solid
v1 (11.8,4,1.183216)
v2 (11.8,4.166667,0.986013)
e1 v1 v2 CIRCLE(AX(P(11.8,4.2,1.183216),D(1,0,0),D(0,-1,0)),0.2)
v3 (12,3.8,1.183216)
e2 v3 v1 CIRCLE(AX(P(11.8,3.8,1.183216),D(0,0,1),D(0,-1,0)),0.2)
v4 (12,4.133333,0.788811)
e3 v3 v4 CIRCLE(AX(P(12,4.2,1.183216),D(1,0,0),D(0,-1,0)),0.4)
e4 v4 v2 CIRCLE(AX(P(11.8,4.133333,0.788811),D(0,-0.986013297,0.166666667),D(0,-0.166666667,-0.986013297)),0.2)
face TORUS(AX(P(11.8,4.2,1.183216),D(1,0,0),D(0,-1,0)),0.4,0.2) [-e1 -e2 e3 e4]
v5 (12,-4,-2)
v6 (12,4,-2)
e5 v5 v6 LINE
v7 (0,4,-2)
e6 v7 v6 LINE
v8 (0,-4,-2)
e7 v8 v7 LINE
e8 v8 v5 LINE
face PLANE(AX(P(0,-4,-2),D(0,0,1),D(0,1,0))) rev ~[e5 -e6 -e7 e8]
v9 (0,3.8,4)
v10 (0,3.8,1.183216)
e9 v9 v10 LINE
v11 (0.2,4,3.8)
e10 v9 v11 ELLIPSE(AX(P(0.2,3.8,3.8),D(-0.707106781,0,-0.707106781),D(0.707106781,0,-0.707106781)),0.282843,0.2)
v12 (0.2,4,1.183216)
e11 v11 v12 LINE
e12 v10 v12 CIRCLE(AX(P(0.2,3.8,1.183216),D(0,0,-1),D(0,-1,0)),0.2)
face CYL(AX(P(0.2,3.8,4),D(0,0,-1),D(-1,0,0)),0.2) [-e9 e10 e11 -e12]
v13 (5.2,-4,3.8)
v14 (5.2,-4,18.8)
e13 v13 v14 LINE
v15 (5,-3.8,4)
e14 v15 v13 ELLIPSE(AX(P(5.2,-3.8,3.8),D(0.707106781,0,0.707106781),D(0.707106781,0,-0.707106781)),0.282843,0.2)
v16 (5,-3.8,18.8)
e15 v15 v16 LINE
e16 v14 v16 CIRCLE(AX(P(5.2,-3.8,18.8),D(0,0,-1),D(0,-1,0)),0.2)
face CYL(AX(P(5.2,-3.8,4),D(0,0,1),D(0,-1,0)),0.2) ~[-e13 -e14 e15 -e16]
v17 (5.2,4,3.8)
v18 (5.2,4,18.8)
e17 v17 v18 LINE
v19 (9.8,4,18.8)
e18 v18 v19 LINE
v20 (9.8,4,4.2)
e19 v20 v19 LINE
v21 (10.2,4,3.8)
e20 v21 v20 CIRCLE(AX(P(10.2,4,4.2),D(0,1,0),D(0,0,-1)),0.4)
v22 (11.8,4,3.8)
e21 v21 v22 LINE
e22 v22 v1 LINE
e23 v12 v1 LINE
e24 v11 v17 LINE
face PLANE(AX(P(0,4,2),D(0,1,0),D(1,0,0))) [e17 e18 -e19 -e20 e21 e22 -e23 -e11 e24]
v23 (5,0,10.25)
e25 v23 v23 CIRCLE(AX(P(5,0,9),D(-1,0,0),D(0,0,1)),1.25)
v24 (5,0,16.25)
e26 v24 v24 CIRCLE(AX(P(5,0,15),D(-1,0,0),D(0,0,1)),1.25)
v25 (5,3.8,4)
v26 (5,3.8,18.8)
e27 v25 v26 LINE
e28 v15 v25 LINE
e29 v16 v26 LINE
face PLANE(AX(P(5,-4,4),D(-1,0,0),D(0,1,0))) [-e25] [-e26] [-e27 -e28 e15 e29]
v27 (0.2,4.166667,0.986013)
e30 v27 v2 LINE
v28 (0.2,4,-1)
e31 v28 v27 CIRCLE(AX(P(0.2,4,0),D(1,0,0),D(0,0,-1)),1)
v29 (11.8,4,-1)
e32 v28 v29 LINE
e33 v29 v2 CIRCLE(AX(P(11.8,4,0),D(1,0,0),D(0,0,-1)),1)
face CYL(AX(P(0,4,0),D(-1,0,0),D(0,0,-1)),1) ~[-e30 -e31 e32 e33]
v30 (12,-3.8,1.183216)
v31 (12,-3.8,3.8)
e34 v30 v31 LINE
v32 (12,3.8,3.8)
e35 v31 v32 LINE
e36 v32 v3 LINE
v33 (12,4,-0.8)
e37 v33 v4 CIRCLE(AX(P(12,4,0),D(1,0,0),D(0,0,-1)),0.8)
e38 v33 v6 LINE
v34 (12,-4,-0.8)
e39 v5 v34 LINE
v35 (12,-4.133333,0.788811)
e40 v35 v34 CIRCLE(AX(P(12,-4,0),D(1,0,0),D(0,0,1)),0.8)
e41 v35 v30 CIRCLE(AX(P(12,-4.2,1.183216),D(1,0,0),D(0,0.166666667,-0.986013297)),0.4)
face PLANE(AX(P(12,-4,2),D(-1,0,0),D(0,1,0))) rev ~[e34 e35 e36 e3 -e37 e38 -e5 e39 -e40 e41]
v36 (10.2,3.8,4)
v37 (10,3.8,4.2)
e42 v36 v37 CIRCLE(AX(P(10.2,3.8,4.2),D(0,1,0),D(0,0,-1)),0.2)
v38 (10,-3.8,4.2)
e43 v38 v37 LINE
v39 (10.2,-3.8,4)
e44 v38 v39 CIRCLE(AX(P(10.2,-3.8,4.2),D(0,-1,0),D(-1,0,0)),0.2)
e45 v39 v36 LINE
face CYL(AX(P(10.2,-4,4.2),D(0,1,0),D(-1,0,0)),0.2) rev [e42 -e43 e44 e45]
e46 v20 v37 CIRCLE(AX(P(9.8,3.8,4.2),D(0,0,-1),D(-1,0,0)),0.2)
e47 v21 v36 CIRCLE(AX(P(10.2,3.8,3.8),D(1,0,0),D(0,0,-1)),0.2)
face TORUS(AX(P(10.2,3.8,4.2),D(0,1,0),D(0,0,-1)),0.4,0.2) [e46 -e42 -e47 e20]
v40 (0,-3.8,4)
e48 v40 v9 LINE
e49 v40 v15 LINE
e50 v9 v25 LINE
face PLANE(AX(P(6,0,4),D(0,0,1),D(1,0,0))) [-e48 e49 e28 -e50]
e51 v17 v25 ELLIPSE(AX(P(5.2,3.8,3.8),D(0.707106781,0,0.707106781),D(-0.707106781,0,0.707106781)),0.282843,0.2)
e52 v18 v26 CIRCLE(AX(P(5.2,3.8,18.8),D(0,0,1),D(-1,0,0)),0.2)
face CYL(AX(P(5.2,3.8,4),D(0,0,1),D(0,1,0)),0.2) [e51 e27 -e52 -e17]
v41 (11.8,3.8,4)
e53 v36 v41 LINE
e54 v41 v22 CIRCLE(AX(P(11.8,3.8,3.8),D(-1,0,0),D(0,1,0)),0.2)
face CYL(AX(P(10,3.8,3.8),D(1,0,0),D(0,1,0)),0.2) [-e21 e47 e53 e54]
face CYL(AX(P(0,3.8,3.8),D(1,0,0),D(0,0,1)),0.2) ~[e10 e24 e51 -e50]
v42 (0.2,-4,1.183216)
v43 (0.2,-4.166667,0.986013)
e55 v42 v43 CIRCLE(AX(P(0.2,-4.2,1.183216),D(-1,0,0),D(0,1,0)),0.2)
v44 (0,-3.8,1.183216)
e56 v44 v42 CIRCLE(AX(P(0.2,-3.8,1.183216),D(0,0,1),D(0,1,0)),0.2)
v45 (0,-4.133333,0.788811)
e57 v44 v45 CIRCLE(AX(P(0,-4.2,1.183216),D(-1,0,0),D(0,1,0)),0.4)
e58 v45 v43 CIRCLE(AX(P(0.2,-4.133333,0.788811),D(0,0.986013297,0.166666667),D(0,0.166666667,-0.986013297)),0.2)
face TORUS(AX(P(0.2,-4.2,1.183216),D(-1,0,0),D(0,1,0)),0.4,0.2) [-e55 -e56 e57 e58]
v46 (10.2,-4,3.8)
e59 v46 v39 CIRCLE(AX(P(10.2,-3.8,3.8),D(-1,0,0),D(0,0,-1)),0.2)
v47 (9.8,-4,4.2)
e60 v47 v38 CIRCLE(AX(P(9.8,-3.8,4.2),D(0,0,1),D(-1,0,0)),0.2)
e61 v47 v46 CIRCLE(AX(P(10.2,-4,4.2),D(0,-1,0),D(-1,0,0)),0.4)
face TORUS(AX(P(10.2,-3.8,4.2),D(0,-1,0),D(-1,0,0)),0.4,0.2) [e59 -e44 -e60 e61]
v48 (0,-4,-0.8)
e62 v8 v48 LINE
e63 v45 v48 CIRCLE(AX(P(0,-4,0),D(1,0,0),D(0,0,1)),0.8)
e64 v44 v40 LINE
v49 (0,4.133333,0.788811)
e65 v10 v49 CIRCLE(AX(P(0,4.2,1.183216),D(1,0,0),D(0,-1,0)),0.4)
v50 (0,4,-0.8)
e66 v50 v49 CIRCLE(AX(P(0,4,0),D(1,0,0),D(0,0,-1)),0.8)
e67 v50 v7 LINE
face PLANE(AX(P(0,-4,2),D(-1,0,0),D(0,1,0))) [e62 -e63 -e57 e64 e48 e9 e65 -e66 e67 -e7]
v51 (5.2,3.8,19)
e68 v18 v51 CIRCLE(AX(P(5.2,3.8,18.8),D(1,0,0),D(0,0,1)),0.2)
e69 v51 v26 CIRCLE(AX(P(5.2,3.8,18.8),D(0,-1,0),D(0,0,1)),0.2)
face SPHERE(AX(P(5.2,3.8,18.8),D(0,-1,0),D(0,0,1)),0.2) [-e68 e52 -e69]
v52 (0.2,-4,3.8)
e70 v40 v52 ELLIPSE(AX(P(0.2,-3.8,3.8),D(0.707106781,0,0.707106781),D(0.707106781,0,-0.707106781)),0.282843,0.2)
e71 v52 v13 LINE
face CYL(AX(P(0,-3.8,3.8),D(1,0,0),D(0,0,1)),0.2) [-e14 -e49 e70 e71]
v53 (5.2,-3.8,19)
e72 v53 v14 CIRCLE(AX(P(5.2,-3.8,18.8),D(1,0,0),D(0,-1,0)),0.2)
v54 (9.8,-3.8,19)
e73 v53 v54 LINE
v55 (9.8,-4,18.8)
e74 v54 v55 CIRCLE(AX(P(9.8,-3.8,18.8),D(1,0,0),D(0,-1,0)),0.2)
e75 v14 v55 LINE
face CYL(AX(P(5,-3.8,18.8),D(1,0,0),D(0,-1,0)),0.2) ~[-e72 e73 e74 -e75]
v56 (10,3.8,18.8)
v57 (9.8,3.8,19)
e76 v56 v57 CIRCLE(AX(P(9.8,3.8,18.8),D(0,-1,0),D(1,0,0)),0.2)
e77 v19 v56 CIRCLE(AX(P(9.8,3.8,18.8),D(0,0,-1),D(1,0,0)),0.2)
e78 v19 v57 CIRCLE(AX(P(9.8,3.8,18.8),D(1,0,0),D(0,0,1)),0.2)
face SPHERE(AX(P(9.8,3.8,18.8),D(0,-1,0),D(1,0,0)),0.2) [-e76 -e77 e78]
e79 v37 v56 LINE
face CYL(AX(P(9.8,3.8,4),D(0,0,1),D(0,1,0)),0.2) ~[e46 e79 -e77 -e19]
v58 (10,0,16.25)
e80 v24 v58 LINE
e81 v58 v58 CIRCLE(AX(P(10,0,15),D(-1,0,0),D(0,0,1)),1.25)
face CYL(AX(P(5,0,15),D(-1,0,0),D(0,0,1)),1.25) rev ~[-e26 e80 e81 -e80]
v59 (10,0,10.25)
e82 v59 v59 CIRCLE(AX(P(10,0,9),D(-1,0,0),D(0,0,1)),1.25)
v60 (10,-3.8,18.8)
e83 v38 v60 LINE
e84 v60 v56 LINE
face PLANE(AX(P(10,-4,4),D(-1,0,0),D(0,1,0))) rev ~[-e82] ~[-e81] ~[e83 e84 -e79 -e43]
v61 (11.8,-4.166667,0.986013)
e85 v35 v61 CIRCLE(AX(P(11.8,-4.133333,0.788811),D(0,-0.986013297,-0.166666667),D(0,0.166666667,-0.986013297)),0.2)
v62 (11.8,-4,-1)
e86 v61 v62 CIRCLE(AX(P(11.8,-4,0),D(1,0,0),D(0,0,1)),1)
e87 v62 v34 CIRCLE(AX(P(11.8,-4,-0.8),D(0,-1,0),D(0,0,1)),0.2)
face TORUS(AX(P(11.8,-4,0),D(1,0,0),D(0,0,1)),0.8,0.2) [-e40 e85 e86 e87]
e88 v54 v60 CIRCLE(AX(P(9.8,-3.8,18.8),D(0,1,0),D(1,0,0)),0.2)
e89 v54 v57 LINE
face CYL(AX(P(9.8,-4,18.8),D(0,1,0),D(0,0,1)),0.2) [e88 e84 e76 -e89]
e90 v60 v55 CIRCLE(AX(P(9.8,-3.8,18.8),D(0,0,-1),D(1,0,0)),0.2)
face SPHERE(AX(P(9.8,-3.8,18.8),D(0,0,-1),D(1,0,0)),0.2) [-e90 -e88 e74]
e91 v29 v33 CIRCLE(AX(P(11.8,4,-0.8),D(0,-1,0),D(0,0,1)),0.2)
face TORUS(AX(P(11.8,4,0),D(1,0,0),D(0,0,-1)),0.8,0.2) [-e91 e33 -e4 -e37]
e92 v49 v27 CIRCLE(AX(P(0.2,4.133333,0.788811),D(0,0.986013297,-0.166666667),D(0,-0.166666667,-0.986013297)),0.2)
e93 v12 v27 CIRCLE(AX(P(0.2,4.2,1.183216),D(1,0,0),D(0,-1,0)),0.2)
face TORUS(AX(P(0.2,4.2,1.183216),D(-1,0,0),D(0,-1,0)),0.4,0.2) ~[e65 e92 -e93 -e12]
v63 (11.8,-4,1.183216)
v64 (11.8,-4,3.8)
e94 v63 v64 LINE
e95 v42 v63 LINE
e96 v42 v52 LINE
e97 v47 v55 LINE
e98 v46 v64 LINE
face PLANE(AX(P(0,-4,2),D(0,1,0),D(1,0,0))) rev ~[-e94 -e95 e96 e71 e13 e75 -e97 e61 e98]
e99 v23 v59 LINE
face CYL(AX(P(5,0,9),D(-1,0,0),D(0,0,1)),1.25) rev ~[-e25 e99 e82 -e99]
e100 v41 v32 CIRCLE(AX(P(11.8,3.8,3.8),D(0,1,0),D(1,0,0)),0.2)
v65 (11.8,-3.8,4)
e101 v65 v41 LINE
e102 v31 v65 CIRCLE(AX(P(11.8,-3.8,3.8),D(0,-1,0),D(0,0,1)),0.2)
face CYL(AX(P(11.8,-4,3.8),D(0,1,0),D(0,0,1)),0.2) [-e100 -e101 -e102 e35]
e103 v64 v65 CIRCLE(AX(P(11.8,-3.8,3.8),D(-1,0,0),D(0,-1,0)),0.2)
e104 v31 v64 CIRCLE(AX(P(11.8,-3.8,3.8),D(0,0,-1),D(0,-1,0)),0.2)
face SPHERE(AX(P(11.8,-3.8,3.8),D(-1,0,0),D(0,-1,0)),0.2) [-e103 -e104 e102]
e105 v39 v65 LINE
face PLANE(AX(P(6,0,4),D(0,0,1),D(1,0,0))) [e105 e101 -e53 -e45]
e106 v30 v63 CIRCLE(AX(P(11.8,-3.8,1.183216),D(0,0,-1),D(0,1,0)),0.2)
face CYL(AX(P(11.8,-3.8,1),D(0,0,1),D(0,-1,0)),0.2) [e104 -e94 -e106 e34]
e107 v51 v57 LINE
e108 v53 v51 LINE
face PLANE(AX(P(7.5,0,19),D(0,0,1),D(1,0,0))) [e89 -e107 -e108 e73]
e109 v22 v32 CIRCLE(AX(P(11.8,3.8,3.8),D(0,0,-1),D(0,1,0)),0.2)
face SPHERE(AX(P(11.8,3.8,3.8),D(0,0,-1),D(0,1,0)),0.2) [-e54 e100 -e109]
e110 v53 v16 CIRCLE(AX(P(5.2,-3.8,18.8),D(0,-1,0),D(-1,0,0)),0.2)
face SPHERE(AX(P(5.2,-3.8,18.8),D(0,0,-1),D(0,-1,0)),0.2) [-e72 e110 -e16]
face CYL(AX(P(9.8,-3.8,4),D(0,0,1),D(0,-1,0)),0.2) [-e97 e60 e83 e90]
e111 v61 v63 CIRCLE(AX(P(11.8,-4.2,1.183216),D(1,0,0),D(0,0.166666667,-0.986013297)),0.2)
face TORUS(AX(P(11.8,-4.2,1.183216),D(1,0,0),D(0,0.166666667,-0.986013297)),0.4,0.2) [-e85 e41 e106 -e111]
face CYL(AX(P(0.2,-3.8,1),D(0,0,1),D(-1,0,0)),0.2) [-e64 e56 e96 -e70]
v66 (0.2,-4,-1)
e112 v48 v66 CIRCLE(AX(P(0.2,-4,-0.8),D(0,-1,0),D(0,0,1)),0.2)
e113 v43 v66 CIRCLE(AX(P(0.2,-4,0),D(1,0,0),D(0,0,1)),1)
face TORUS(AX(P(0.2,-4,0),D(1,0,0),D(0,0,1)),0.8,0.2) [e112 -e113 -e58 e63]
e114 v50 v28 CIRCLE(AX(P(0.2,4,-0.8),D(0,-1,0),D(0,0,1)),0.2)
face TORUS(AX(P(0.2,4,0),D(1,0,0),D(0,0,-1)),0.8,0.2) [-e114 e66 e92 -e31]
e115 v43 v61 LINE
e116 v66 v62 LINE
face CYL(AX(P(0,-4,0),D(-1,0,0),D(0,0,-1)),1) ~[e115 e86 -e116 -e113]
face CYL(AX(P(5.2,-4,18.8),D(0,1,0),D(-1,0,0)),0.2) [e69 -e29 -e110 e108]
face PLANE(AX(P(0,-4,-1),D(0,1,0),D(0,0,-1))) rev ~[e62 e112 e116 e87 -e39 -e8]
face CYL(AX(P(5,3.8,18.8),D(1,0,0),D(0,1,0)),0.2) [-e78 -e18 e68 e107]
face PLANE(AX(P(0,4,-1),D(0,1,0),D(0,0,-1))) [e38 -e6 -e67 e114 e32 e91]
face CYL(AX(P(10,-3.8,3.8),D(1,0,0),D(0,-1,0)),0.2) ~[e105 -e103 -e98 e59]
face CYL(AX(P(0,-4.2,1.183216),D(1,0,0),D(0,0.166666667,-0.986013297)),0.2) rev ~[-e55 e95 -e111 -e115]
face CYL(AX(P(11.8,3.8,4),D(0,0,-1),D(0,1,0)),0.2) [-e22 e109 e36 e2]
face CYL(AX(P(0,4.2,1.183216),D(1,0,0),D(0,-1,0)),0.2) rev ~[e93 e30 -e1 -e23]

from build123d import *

# Parameters (mm, degrees)
SKETCH1_R               = 1
SKETCH1_W               = 4
SKETCH1_H               = 8
BOSS_EXTRUDE1_DEPTH     = 12
SKETCH2_W               = 12
SKETCH2_H               = 8
BOSS_EXTRUDE2_DEPTH     = 2
SKETCH3_W               = 5
SKETCH3_H               = 8
BOSS_EXTRUDE3_DEPTH     = 15
SKETCH4_R               = 1.25
CUT_EXTRUDE1_DEPTH      = 6
CUT_EXTRUDE1_DEPTH_BACK = 8
FILLET1_R               = 0.2


with BuildPart() as part:
    # Sketch1 → Boss-Extrude1 (new body)
    with BuildSketch(Plane(origin=(0, 0, 0), x_dir=(0, 0, -1), z_dir=(1, 0, 0))):
        with Locations((0, -4)):
            Circle(SKETCH1_R)
        with Locations((0, 4)):
            Circle(SKETCH1_R)
        Rectangle(SKETCH1_W, SKETCH1_H)
        with BuildLine():
            ThreePointArc((-1, -4), (0, -5), (1, -4))
            Line((1, -4), (-1, -4))
        make_face()
        with BuildLine():
            Line((-1, -4), (1, -4))
            ThreePointArc((1, -4), (0, -3), (-1, -4))
        make_face()
    extrude(amount=BOSS_EXTRUDE1_DEPTH)

    # Sketch2 → Boss-Extrude2 (add)
    with BuildSketch(Plane.XY.offset(2)):
        with Locations((6, 0)):
            Rectangle(SKETCH2_W, SKETCH2_H)
    extrude(amount=BOSS_EXTRUDE2_DEPTH)

    # Sketch3 → Boss-Extrude3 (add)
    with BuildSketch(Plane.XY.offset(4)):
        with Locations((7.5, 0)):
            Rectangle(SKETCH3_W, SKETCH3_H)
    extrude(amount=BOSS_EXTRUDE3_DEPTH)

    # Sketch4 → Cut-Extrude1 (cut, two sides)
    with BuildSketch(Plane.ZY.offset(-5)) as cut_extrude1_sk:
        with Locations((15, 0)):
            Circle(SKETCH4_R)
        with Locations((9, 0)):
            Circle(SKETCH4_R)
    extrude(amount=CUT_EXTRUDE1_DEPTH, mode=Mode.SUBTRACT)
    extrude(cut_extrude1_sk.sketch, amount=-CUT_EXTRUDE1_DEPTH_BACK, mode=Mode.SUBTRACT)

    # Fillet1
    fillet1_edges = [part.edges().sort_by_distance(p)[0] for p in [
        (12, -5, 0),
        (0, -5, 0),
        (12, 5, 0),
        (0, 5, 0),
        (2.5, -4, 4),
        (5, -4, 11.5),
        (10, -4, 11.5),
        (11, -4, 4),
        (12, -4, 2.5),
        (6, -4, 1),
        (0, -4, 2.5),
        (10, 0, 19),
        (7.5, -4, 19),
        (5, 0, 19),
        (6, 4, 1),
        (12, 4, 2.5),
        (11, 4, 4),
        (10, 4, 11.5),
        (7.5, 4, 19),
        (5, 4, 11.5),
        (2.5, 4, 4),
        (0, 4, 2.5),
        (12, 0, 4),
        (10, 0, 4),
    ]]
    fillet(fillet1_edges, radius=FILLET1_R)


solid = part.part
